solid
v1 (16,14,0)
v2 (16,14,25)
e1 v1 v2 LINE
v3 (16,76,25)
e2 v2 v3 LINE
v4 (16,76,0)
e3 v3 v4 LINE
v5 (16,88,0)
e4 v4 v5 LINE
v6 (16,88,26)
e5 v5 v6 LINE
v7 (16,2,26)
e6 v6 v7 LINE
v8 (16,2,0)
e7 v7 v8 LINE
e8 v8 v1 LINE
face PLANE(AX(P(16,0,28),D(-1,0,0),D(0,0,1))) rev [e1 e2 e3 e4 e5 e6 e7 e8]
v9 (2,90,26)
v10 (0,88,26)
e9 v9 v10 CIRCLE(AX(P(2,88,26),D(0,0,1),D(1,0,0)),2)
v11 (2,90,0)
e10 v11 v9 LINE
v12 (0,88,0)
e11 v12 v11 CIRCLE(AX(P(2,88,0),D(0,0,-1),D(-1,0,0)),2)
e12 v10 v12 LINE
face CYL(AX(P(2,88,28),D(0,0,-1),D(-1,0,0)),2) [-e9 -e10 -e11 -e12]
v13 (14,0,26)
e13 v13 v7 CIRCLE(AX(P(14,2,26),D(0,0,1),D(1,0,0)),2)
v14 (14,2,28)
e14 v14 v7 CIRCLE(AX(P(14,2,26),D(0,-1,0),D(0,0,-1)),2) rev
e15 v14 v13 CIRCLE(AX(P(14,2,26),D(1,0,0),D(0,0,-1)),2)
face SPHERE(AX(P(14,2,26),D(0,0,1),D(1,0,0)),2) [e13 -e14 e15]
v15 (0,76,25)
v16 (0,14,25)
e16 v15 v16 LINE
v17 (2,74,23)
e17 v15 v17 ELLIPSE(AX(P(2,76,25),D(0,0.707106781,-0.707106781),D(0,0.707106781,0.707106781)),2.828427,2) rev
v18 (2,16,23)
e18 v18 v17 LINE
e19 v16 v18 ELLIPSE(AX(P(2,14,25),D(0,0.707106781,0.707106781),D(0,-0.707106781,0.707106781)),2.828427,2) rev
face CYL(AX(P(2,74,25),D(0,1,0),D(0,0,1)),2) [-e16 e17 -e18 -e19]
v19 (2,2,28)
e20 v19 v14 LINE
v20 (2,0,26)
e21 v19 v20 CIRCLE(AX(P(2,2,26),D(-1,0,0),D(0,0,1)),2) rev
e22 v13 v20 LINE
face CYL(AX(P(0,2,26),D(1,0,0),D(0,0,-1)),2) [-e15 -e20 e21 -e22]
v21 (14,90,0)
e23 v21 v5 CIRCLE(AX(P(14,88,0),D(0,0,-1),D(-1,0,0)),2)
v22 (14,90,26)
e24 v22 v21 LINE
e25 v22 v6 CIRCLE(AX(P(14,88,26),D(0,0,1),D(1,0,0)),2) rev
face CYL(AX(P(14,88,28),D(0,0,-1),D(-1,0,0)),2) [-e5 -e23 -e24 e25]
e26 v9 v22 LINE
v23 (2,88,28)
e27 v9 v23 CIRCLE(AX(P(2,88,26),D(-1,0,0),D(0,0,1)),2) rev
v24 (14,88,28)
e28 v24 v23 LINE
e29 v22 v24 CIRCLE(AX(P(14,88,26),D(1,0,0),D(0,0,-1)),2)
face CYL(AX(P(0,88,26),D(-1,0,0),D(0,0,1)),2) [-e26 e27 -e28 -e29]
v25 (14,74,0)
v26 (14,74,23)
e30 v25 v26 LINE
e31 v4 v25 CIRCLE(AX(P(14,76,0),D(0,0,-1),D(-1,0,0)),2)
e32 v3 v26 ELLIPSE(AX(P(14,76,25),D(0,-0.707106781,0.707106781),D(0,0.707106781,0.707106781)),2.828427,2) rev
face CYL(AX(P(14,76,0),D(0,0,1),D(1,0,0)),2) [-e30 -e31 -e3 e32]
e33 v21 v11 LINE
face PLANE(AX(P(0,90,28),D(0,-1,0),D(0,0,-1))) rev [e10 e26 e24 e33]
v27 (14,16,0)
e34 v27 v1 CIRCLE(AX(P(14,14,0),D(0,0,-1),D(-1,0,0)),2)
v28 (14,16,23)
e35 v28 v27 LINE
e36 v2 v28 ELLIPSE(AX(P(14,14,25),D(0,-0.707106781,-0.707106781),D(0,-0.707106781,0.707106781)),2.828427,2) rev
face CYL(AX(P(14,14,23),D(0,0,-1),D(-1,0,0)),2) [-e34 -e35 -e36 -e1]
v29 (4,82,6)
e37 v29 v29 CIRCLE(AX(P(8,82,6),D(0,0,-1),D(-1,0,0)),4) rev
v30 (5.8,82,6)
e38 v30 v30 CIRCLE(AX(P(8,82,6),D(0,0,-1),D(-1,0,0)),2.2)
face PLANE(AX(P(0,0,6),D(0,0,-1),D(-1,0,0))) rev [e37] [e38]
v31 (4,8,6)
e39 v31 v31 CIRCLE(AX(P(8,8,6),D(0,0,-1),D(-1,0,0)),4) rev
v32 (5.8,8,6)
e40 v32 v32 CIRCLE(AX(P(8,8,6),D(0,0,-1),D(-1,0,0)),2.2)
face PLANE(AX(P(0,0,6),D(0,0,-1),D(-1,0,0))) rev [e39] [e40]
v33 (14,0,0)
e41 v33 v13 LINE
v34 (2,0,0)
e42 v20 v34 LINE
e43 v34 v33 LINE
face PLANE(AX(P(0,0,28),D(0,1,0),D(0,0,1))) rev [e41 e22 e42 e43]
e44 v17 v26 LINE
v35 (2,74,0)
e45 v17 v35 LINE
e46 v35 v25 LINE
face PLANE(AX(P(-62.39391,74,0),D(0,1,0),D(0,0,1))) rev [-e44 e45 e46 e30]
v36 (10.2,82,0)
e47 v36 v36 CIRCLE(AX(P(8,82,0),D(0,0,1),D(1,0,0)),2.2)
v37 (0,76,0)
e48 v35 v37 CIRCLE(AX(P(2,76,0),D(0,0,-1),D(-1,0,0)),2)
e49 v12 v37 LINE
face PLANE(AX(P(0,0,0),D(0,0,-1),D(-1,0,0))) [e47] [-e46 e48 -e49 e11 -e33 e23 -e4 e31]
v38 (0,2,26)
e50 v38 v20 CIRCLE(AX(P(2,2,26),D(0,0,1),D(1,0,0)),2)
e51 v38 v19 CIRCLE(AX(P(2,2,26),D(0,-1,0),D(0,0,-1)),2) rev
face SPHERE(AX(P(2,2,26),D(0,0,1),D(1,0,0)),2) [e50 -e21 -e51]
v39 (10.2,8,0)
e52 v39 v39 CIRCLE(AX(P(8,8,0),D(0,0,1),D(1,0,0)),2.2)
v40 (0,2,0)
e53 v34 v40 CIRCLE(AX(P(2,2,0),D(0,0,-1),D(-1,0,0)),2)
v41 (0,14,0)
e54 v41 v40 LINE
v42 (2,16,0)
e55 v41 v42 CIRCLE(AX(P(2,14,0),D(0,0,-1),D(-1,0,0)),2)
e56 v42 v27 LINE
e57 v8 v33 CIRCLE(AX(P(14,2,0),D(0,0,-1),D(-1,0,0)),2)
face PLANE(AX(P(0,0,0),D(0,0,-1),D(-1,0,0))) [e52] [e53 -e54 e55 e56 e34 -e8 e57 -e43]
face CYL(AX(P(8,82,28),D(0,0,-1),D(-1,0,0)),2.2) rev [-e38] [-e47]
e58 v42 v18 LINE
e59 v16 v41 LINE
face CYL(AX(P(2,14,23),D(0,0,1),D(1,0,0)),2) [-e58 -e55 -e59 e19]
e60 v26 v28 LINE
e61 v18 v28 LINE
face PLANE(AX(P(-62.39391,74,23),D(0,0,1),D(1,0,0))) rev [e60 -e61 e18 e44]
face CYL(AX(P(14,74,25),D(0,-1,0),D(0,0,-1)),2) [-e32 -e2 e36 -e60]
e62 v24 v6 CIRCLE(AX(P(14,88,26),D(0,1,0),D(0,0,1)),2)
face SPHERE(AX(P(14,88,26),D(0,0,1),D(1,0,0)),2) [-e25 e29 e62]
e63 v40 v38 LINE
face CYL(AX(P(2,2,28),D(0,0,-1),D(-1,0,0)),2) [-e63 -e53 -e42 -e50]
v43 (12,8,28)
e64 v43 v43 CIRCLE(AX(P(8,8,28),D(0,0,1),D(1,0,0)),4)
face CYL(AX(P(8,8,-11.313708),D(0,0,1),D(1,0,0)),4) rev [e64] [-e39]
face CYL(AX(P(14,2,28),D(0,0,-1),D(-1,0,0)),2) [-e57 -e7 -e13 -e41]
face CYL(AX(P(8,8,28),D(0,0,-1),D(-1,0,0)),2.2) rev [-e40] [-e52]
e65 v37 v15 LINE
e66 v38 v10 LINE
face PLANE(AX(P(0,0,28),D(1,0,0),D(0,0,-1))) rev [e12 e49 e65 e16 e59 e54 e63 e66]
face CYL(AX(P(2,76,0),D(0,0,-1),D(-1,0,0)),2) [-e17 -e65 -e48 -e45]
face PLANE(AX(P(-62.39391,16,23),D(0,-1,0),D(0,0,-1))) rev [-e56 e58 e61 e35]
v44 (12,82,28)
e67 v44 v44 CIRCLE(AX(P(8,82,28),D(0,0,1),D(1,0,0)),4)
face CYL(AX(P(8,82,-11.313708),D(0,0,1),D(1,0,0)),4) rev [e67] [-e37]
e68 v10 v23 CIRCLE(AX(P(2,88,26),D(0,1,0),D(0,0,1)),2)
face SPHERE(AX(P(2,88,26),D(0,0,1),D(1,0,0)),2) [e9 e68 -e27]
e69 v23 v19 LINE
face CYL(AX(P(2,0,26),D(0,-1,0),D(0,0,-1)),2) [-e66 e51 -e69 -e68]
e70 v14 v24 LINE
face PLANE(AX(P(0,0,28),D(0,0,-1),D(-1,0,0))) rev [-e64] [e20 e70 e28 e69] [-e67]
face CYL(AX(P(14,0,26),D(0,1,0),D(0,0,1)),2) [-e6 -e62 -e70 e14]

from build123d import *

# Parameters (mm, degrees)
SKETCH1_W           = 16
SKETCH1_H           = 90
SKETCH1_R           = 2.2
BOSS_EXTRUDE1_DEPTH = 28
SKETCH2_W           = 23
SKETCH2_H           = 58
CUT_EXTRUDE1_DEPTH  = 16
SKETCH3_R           = 4
CUT_EXTRUDE2_DEPTH  = 22
FILLET1_R           = 2


with BuildPart() as part:
    # Sketch1 → Boss-Extrude1 (new body)
    with BuildSketch(Plane.XY):
        with Locations((8, 45)):
            Rectangle(SKETCH1_W, SKETCH1_H)
        with Locations((8, 82)):
            Circle(SKETCH1_R, mode=Mode.SUBTRACT)
        with Locations((8, 8)):
            Circle(SKETCH1_R, mode=Mode.SUBTRACT)
    extrude(amount=BOSS_EXTRUDE1_DEPTH)

    # Sketch2 → Cut-Extrude1 (cut)
    with BuildSketch(Plane(origin=(16, 0, 0), x_dir=(0, 0, -1), z_dir=(1, 0, 0))):
        with Locations((-11.5, 45)):
            Rectangle(SKETCH2_W, SKETCH2_H)
    extrude(amount=-CUT_EXTRUDE1_DEPTH, mode=Mode.SUBTRACT)

    # Sketch3 → Cut-Extrude2 (cut)
    with BuildSketch(Plane.XY.offset(28)):
        with Locations((8, 82)):
            Circle(SKETCH3_R)
        with Locations((8, 8)):
            Circle(SKETCH3_R)
    extrude(amount=-CUT_EXTRUDE2_DEPTH, mode=Mode.SUBTRACT)

    # Fillet1
    fillet1_edges = [part.edges().sort_by_distance(p)[0] for p in [
        (16, 45, 28),
        (8, 90, 28),
        (16, 74, 11.5),
        (16, 45, 23),
        (16, 16, 11.5),
        (0, 16, 11.5),
        (0, 45, 23),
        (0, 74, 11.5),
        (0, 45, 28),
        (0, 90, 14),
        (16, 90, 14),
        (16, 0, 14),
        (0, 0, 14),
        (8, 0, 28),
    ]]
    fillet(fillet1_edges, radius=FILLET1_R)


solid = part.part
